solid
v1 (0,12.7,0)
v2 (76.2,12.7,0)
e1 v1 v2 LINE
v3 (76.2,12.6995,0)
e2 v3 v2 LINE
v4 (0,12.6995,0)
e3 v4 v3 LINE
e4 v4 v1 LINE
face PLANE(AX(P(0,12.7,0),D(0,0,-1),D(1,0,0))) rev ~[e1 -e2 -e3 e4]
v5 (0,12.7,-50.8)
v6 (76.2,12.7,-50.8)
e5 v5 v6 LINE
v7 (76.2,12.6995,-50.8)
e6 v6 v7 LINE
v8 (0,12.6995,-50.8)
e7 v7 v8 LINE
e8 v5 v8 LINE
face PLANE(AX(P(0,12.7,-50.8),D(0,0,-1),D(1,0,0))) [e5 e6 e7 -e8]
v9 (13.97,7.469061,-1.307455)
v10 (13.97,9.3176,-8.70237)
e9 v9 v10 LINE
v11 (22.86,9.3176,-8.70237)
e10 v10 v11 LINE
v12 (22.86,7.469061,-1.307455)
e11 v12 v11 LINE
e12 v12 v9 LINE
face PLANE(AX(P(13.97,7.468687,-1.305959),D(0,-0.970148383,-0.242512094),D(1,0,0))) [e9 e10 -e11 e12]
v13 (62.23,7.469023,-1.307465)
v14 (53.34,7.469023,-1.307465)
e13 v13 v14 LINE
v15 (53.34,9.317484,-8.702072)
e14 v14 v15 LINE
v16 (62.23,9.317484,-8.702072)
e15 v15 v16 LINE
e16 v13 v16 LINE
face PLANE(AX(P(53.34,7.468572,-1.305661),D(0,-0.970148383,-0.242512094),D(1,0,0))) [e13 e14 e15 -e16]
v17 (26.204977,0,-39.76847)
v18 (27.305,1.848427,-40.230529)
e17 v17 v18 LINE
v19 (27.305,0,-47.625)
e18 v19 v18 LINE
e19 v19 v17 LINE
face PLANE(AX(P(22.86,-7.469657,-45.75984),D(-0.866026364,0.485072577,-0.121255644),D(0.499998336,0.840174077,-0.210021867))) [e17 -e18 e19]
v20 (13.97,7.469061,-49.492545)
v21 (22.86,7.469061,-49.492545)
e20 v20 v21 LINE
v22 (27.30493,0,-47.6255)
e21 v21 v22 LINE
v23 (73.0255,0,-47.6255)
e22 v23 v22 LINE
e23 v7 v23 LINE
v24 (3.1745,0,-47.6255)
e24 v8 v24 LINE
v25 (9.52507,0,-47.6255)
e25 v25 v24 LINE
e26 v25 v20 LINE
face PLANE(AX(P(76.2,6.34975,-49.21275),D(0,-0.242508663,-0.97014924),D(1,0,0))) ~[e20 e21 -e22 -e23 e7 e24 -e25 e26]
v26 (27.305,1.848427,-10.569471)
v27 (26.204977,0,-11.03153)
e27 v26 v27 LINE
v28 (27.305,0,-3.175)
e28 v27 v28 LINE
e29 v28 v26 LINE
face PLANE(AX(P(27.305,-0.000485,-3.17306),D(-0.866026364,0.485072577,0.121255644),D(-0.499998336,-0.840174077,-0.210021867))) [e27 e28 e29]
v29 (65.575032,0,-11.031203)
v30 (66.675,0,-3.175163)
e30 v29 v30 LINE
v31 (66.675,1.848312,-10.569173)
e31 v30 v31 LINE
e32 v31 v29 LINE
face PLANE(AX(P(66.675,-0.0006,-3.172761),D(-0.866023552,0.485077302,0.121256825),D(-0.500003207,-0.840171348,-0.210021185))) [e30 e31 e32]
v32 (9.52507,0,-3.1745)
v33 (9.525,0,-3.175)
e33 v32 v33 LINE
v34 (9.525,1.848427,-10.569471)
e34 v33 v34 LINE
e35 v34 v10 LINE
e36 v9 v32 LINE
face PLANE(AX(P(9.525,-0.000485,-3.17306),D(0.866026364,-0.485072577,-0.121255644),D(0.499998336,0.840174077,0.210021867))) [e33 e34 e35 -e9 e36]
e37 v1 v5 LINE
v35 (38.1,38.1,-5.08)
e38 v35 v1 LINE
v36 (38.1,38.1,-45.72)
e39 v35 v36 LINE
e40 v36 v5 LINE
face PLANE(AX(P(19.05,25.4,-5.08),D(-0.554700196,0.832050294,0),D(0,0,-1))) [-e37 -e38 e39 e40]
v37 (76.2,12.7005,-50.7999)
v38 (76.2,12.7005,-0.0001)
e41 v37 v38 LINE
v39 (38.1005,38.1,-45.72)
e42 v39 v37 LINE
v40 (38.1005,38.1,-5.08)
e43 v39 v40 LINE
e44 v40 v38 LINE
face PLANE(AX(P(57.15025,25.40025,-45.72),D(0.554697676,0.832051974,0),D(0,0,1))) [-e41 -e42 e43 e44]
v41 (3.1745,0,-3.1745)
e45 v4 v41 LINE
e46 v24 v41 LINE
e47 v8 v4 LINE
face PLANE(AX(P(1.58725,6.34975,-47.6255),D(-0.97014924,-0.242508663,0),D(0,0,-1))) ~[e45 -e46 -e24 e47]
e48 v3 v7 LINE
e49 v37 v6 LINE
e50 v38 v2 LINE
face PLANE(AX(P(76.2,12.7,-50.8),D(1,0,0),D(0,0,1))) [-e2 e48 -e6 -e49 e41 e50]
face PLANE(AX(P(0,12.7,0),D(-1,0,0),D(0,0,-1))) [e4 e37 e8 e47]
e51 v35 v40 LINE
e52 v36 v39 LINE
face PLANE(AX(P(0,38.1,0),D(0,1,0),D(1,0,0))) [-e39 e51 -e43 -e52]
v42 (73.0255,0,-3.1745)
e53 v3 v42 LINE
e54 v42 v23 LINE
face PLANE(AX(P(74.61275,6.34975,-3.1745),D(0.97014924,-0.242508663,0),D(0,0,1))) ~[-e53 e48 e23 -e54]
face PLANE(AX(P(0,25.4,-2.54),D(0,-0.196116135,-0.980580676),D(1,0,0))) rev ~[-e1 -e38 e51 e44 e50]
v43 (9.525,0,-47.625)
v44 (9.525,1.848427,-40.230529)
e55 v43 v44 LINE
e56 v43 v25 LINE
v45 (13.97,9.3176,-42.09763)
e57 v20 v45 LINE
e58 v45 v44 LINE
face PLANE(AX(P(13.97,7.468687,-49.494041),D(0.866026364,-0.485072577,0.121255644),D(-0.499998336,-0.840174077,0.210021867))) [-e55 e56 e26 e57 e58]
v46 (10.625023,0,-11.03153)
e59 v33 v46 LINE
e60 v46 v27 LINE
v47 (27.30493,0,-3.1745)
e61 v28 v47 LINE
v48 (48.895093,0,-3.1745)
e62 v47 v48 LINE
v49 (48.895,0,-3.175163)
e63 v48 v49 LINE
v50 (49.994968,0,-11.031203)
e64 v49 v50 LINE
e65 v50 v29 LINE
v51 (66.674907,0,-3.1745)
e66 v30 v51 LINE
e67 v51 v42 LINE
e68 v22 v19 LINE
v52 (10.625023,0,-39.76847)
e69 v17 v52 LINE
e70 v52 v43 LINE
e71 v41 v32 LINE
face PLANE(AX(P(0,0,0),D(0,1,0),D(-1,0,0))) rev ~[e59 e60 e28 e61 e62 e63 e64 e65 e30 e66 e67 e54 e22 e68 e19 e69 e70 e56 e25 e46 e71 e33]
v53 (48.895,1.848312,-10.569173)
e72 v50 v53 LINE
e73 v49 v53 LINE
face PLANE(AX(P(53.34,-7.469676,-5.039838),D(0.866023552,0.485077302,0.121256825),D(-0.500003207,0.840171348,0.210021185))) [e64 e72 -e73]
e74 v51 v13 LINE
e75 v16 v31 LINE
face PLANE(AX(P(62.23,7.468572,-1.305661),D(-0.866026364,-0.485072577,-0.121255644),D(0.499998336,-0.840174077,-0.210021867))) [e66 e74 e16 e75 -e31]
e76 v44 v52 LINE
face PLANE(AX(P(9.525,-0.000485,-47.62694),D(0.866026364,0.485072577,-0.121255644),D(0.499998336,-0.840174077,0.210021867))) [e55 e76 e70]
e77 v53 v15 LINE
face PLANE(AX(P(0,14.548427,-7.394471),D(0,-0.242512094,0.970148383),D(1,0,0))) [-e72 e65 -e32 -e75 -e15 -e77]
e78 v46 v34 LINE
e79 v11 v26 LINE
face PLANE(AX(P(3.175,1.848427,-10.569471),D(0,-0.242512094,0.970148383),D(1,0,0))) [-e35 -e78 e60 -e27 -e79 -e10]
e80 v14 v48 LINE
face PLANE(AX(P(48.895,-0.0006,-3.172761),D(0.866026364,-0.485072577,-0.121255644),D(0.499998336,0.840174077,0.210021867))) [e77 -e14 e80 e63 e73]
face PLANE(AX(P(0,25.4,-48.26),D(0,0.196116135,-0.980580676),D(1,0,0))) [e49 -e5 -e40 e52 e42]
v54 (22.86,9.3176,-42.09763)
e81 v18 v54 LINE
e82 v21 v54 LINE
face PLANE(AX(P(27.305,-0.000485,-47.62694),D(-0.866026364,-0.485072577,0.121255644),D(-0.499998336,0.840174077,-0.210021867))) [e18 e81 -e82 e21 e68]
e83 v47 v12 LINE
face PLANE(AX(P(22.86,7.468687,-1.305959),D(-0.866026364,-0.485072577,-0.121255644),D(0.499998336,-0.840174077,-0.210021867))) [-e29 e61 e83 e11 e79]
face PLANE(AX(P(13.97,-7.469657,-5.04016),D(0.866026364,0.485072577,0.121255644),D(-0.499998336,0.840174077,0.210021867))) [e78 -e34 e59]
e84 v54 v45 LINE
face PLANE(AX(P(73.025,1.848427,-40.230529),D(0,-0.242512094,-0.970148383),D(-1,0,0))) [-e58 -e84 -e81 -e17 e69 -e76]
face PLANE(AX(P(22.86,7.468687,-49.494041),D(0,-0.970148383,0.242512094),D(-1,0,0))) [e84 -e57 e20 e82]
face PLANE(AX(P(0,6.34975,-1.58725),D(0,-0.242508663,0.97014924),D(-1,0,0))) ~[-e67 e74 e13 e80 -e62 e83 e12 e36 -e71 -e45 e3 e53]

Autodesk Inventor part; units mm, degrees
ref_plane "YZ Plane" through (0, 0, 0) normal (1, 0, 0) x (0, 1, 0)
ref_plane "XZ Plane" through (0, 0, 0) normal (0, 1, 0) x (-1, 0, 0)
ref_plane "XY Plane" through (0, 0, 0) normal (0, 0, 1) x (1, 0, 0)
sketch "Sketch1" plane through (0, 0, 0) normal (0, 1, 0) x (-1, 0, 0)
  line L0 (0, 0) -> (-76.2, 0)
  line L1 (-76.2, 0) -> (-76.2, -50.8)
  line L2 (-76.2, -50.8) -> (0, -50.8)
  line L3 (0, -50.8) -> (0, 0)
  dimension "d0" = 76.2
  dimension "d1" = 50.8
extrude "Extrusion1" add sketch "Sketch1" along normal blind 12.7
chamfer "Chamfer1" distance 12.7 distance2 3.175 1 edges at (38.1, 0, -50.8) measured on face at (50.8, 4.2333, -50.8)
chamfer "Chamfer2" distance 12.7 distance2 3.175 1 edges at (38.1, 0, 0) measured on face at (25.4, 4.2333, 0)
chamfer "Chamfer3" distance 12.7 distance2 3.175 1 edges at (76.2, 0, -25.4) measured on face at (76.2, 8.4663, -32.8085)
chamfer "Chamfer4" distance 12.7 distance2 3.175 1 edges at (0, 0, -25.4) measured on face at (0, 8.4663, -17.9915)
sketch "Sketch2" plane through (0, 12.7, 0) normal (0, 1, 0) x (1, 0, 0)
  line L0 (0, 50.8) -> (3.175, 47.625) projected
  line L1 (0, 0) -> (76.2, 0) projected
  line L2 (0, 50.8) -> (76.2, 50.8)
  line L3 (76.2, 50.8) -> (76.2, 0)
  line L4 (76.2, 0) -> (0, 0)
  line L5 (0, 0) -> (0, 50.8)
extrude "Extrusion2" add sketch "Sketch2" along normal blind 25.4
chamfer "Chamfer5" distance 5.08 distance2 25.4 1 edges at (38.1, 38.1, 0) measured on face at (25.4, 38.1, -33.8667)
chamfer "Chamfer6" distance 5.08 distance2 25.4 1 edges at (38.1, 38.1, -50.8) measured on face at (50.8, 38.1, -20.32)
chamfer "Chamfer7" distance 38.1 distance2 25.4 1 edges at (0, 38.1, -25.4) measured on face at (50.8, 38.1, -18.6267)
chamfer "Chamfer8" distance 38.1 distance2 25.4 1 edges at (76.2, 38.1, -25.4) measured on face at (50.8, 38.1, -32.1733)
sketch "Sketch6" plane through (3.175, 0, -3.175) normal (0, -0.2425, 0.9701) x (1, 0, 0)
  line L0 (0, 0) -> (69.85, 0) projected
  line L1 (0, 0) -> (15.24, 0)
  line L2 (15.24, 0) -> (24.13, 0)
  line L3 (69.85, 0) -> (69.85, -10.7807) projected
  line L4 (69.85, 0) -> (54.61, 0)
  line L5 (54.61, 0) -> (45.72, 0)
  line L6 (24.13, 0) -> (19.685, -7.699)
  line L7 (19.685, -7.699) -> (10.795, -7.699)
  line L8 (10.795, -7.699) -> (6.35, 0)
  line L9 (6.35, 0) -> (10.795, 7.699)
  line L10 (10.795, 7.699) -> (19.685, 7.699)
  line L11 (19.685, 7.699) -> (24.13, 0)
  line L12 (45.72, 0) -> (50.165, 7.699)
  line L13 (50.165, 7.699) -> (59.055, 7.699)
  line L14 (59.055, 7.699) -> (63.5, 0)
  line L15 (63.5, 0) -> (59.055, -7.699)
  line L16 (59.055, -7.699) -> (50.165, -7.699)
  line L17 (50.165, -7.699) -> (45.72, 0)
  point P0 (-3.175, 0.7701)
  dimension "d34" = 15.24
  dimension "d35" = 8.89
  dimension "d36" = 15.24
  dimension "d37" = 8.89
extrude "Extrusion3" cut sketch "Sketch6" against normal blind 7.62 contours L9 L10 L11 L0 | L0 L6 L7 L8
sketch "Sketch7" plane through (0, 12.7, 0) normal (0, -0.2425, 0.9701) x (1, 0, 0)
  line L0 (27.305, -13.0909) -> (73.025, -13.0909) projected
  line L1 (73.025, -13.0909) -> (57.785, -13.0909)
  line L2 (57.785, -13.0909) -> (48.895, -13.0909)
  line L3 (48.895, -13.0909) -> (53.34, -5.3919)
  line L4 (53.34, -5.3919) -> (62.23, -5.3919)
  line L5 (62.23, -5.3919) -> (66.675, -13.0909)
  line L6 (66.675, -13.0909) -> (62.23, -20.7898)
  line L7 (62.23, -20.7898) -> (53.34, -20.7898)
  line L8 (53.34, -20.7898) -> (48.895, -13.0909)
  point P0 (0, -12.3208)
  dimension "d40" = 15.24
  dimension "d41" = 8.89
extrude "Extrusion4" cut sketch "Sketch7" against normal blind 7.62
sketch "Sketch8" plane through (73.025, 0, -47.625) normal (0, -0.2425, -0.9701) x (-1, 0, 0)
  line L0 (69.85, 0) -> (69.85, -10.7807) projected
  line L1 (69.85, 0) -> (54.61, 0)
  line L2 (0, 0) -> (69.85, 0) projected
  line L3 (54.61, 0) -> (45.72, 0)
  line L4 (45.72, 0) -> (50.165, 7.699)
  line L5 (50.165, 7.699) -> (59.055, 7.699)
  line L6 (59.055, 7.699) -> (63.5, 0)
  line L7 (63.5, 0) -> (59.055, -7.699)
  line L8 (59.055, -7.699) -> (50.165, -7.699)
  line L9 (50.165, -7.699) -> (45.72, 0)
  point P0 (73.025, -11.5508)
  dimension "d44" = 15.24
  dimension "d45" = 8.89
extrude "Extrusion5" cut sketch "Sketch8" against normal blind 7.62
properties part number "tesla v1"
